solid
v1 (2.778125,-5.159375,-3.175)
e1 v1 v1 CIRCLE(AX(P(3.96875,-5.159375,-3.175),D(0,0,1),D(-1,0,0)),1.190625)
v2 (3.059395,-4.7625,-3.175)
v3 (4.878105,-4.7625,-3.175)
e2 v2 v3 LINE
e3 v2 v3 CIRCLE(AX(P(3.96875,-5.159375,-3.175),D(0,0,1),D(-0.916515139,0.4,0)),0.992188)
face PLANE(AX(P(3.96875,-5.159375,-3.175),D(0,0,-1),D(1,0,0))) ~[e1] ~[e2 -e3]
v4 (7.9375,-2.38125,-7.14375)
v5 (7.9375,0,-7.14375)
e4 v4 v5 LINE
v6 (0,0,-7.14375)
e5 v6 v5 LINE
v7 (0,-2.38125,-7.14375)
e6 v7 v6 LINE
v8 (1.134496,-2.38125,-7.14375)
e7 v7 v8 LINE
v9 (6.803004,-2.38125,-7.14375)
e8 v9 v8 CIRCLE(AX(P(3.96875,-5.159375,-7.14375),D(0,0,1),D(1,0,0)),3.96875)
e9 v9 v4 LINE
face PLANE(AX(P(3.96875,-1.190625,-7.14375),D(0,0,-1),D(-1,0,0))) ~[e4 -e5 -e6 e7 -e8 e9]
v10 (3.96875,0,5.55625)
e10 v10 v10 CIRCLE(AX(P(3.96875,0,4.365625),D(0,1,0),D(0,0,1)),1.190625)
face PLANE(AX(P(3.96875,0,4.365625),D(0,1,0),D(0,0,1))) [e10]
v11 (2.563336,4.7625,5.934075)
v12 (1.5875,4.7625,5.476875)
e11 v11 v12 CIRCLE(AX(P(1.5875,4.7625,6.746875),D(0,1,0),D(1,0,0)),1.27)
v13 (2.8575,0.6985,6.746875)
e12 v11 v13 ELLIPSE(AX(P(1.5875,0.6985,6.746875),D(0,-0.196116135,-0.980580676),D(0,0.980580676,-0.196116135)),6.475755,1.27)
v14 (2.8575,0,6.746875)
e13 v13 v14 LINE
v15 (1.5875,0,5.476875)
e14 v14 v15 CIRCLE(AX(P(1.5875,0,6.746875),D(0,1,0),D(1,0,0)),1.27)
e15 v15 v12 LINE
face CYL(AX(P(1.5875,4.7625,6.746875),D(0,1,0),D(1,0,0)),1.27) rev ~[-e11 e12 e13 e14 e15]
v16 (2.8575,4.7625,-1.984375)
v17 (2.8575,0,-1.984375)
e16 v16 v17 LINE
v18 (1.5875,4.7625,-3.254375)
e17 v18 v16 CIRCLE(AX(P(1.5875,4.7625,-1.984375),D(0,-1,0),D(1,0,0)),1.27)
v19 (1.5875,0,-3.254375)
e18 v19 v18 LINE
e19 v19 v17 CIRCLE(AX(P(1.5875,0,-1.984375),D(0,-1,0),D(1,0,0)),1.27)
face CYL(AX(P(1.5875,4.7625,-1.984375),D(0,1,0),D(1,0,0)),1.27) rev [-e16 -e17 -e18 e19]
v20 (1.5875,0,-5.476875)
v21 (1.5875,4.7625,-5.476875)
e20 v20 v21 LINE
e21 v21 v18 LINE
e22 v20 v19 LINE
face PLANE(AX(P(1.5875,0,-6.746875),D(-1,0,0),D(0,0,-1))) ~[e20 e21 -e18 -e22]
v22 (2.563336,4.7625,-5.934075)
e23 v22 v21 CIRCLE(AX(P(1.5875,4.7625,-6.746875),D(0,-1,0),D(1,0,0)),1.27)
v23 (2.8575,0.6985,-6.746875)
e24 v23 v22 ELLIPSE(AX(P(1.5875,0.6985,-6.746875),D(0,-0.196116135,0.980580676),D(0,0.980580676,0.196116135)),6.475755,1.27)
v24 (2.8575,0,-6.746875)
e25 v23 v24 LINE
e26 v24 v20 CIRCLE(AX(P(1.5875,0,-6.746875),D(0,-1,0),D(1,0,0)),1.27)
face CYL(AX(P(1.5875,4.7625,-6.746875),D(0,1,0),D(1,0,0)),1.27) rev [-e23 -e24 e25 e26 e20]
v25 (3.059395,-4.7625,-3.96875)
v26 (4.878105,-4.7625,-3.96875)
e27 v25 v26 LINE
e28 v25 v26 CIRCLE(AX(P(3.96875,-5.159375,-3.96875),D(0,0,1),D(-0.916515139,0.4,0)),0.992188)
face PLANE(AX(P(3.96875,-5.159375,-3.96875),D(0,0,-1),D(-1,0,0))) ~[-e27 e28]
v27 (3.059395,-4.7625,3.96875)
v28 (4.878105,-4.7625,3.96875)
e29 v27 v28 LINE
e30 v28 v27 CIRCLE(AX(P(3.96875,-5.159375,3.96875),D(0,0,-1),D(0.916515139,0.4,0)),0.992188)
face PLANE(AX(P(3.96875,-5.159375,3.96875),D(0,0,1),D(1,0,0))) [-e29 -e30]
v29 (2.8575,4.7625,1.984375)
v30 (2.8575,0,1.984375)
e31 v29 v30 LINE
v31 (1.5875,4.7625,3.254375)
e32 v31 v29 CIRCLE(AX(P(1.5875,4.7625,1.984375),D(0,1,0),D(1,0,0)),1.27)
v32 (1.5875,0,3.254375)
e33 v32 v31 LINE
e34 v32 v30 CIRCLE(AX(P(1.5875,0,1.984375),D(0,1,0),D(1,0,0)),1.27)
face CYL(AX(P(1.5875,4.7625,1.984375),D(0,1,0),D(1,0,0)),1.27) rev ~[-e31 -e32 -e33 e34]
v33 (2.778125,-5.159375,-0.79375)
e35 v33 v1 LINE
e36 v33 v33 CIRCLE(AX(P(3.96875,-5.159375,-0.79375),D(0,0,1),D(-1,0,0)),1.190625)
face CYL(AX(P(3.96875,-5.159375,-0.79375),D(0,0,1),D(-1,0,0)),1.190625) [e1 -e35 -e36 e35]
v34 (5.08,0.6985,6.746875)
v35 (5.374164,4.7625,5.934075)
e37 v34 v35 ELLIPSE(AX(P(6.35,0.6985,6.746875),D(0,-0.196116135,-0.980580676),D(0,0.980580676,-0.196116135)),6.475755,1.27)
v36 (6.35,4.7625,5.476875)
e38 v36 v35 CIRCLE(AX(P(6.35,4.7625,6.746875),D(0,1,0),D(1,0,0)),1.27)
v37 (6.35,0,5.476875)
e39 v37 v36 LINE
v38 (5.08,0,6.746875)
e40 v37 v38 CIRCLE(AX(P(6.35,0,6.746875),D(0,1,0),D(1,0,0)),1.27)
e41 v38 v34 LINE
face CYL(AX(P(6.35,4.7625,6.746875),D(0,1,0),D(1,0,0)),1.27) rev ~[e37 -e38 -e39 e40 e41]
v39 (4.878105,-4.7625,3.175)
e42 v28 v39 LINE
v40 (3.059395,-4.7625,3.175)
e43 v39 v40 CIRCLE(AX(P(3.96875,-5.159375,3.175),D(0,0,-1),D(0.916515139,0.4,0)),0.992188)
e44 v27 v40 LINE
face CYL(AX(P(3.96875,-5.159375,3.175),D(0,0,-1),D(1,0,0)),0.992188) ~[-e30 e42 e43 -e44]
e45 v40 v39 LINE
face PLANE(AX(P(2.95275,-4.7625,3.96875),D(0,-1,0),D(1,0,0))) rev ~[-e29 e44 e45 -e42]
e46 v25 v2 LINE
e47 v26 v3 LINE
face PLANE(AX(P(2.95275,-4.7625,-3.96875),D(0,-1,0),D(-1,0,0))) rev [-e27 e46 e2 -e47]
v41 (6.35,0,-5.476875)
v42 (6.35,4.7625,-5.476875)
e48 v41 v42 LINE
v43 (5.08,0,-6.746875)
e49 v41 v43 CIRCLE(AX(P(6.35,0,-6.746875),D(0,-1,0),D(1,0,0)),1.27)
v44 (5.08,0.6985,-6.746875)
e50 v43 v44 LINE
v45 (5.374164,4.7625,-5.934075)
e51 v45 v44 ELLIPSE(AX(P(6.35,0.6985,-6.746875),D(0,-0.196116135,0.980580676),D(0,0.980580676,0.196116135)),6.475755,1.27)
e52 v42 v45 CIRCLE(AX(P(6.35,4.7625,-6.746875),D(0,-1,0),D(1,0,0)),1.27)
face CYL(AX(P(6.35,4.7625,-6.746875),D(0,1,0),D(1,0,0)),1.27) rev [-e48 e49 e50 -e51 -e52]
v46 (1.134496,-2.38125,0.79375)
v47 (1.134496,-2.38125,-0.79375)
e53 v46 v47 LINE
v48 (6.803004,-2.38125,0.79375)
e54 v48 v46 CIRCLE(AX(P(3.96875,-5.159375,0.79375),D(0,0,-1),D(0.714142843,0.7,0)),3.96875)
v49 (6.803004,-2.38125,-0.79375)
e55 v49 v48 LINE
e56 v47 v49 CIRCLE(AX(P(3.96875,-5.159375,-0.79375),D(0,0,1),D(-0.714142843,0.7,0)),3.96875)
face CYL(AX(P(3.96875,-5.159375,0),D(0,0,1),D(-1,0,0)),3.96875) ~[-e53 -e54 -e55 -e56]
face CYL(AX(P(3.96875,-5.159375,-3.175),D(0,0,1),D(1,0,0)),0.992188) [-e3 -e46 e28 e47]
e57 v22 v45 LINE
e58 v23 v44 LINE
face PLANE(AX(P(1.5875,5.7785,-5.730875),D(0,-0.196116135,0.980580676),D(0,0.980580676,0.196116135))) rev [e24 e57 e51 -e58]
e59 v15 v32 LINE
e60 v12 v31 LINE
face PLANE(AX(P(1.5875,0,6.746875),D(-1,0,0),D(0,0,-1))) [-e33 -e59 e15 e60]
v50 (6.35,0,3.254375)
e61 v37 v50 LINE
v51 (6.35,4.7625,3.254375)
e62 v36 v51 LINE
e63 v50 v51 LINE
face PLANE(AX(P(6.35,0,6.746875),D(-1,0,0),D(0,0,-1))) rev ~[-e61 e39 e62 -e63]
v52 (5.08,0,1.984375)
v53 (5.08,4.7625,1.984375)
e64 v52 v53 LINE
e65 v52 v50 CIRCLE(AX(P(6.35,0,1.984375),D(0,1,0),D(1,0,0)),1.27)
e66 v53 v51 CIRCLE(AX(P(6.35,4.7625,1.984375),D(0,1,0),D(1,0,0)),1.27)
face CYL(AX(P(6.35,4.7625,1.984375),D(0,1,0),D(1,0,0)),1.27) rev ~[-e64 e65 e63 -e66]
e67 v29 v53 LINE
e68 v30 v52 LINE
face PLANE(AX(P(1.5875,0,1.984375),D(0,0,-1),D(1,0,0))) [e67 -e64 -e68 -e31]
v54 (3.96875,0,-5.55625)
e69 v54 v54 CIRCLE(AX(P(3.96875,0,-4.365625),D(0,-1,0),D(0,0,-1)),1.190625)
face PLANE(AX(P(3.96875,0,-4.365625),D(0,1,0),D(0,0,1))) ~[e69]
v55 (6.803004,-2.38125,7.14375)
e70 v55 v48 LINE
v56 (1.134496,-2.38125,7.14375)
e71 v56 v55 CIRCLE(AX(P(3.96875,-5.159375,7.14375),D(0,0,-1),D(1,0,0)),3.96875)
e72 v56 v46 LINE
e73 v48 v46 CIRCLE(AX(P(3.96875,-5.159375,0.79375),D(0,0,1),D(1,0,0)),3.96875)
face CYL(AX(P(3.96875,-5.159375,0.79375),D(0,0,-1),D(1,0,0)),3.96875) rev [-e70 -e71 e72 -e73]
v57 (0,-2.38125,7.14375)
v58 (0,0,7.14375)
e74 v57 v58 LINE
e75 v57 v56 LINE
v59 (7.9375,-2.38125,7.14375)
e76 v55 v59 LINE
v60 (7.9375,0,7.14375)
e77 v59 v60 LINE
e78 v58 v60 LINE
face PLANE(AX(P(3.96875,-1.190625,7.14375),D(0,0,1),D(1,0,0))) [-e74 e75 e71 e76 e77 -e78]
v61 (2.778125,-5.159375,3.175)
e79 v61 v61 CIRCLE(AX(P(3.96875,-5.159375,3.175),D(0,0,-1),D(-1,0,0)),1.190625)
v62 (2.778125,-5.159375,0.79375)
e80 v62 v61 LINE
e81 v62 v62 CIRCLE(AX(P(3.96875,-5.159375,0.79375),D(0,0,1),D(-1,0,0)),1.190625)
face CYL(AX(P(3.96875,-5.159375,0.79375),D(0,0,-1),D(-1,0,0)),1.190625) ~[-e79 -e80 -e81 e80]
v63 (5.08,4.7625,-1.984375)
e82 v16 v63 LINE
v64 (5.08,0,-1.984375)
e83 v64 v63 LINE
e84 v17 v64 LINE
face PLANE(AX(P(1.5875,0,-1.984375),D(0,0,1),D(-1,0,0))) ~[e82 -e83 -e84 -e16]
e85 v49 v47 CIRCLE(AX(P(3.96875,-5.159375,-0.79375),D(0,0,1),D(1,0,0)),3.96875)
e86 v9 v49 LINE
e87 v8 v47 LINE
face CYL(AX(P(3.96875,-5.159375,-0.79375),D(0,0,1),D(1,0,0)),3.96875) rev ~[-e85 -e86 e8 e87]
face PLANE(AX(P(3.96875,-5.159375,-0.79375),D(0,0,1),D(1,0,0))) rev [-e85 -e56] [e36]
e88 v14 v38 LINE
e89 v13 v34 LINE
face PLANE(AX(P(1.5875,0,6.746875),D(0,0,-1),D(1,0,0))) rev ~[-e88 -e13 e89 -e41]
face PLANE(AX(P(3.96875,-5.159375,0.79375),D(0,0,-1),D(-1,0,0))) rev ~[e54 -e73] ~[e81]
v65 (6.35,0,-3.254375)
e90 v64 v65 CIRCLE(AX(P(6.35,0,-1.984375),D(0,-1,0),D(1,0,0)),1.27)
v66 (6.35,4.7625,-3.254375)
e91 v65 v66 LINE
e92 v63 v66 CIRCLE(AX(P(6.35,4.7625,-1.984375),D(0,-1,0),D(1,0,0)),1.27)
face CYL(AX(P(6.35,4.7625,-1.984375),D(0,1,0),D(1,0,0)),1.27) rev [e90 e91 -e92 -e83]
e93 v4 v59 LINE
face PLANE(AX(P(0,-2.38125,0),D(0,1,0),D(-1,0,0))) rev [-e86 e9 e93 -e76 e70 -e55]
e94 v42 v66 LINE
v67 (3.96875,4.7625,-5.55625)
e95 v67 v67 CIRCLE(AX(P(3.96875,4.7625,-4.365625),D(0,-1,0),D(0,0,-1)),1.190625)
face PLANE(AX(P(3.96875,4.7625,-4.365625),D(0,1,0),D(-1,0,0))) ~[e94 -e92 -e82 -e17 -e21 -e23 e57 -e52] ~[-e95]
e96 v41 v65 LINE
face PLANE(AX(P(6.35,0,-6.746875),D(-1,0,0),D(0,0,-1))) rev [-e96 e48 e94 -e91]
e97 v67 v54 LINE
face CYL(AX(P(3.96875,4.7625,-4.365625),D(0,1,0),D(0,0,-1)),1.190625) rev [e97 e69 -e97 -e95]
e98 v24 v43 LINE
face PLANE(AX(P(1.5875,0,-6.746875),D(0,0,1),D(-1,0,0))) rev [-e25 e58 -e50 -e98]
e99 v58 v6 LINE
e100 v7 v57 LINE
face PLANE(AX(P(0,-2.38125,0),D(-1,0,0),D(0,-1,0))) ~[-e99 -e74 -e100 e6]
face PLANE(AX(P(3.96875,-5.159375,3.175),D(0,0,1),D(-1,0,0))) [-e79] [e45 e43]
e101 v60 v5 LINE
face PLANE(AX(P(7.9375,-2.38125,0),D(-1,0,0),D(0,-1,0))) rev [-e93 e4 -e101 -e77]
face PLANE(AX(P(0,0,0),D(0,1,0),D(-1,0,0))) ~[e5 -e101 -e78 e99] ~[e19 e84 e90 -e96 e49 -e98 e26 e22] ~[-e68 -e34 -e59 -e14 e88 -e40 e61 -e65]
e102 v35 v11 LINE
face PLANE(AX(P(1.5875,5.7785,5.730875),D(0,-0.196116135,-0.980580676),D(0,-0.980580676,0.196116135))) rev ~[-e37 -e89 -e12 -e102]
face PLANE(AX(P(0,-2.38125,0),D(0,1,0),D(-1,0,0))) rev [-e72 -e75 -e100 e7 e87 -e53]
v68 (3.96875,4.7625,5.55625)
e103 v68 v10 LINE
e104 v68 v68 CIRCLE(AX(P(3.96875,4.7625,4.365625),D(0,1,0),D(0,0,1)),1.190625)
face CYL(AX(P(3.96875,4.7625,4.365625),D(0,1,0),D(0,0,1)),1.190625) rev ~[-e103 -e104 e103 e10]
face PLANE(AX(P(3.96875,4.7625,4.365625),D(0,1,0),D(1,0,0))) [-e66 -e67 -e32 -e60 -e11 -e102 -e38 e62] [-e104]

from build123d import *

# Parameters (mm, degrees)
SKETCH1_W           = 7.9375
SKETCH1_H           = 2.38125
BOSS_EXTRUDE1_DEPTH = 7.14375
SKETCH2_R           = 3.96875
BOSS_EXTRUDE2_DEPTH = 0.79375
SKETCH3_R           = 3.96875
CUT_EXTRUDE1_DEPTH  = 14.661957117
SKETCH4_W           = 4.7625
SKETCH4_H           = 4.7625
BOSS_EXTRUDE3_DEPTH = 4.7625
SKETCH5_R           = 1.27
SKETCH5_R_2         = 1.190625
CUT_EXTRUDE2_DEPTH  = 4.7625
CUT_EXTRUDE3_DEPTH  = 14.216592983
SKETCH7_R           = 1.190625
BOSS_EXTRUDE4_DEPTH = 2.38125
SKETCH8_R           = 0.9921875
BOSS_EXTRUDE5_DEPTH = 0.79375
SKETCH9_W           = 2.032
SKETCH9_H           = 0.79375
CUT_EXTRUDE4_DEPTH  = 0.79375


with BuildPart() as part:
    # Sketch1 → Boss-Extrude1 (new body)
    with BuildSketch(Plane.XY):
        with Locations((3.96875, -1.190625)):
            Rectangle(SKETCH1_W, SKETCH1_H)
    boss_extrude1 = extrude(amount=BOSS_EXTRUDE1_DEPTH)

    # Sketch2 → Boss-Extrude2 (add)
    with BuildSketch(Plane(origin=(0, 0, 0), x_dir=(-1, 0, 0), z_dir=(0, 0, -1))):
        with Locations((-3.96875, -5.159375)):
            Circle(SKETCH2_R)
    boss_extrude2 = extrude(amount=-BOSS_EXTRUDE2_DEPTH)

    # Sketch3 → Cut-Extrude1 (cut, through all)
    with BuildSketch(Plane.XY.offset(0.79375)):
        with Locations((3.96875, -5.159375)):
            Circle(SKETCH3_R)
    cut_extrude1 = extrude(amount=CUT_EXTRUDE1_DEPTH, mode=Mode.SUBTRACT)

    # Sketch4 → Boss-Extrude3 (add)
    with BuildSketch(Plane(origin=(0, 0, 0), x_dir=(1, 0, 0), z_dir=(0, 1, 0))):
        with Locations((3.96875, -4.365625)):
            Rectangle(SKETCH4_W, SKETCH4_H)
    boss_extrude3 = extrude(amount=BOSS_EXTRUDE3_DEPTH)

    # Sketch5 → Cut-Extrude2 (cut)
    with BuildSketch(Plane(origin=(0, 4.7625, 0), x_dir=(1, 0, 0), z_dir=(0, 1, 0))):
        with Locations((1.5875, -6.746875)):
            Circle(SKETCH5_R)
        with Locations((1.5875, -1.984375)):
            Circle(SKETCH5_R)
        with Locations((6.35, -1.984375)):
            Circle(SKETCH5_R)
        with Locations((6.35, -6.746875)):
            Circle(SKETCH5_R)
        with Locations(Location((3.96875, -4.365625, 0), (0, 0, 270))):
            Circle(SKETCH5_R_2)
    cut_extrude2 = extrude(amount=-CUT_EXTRUDE2_DEPTH, mode=Mode.SUBTRACT)

    # Sketch6 → Cut-Extrude3 (cut, through all)
    with BuildSketch(Plane.ZY.offset(-1.5875)):
        Polygon((6.746875, 0.6985), (6.746875, 5.7785), (5.730875, 5.7785), align=None)
    cut_extrude3 = extrude(amount=-CUT_EXTRUDE3_DEPTH, mode=Mode.SUBTRACT)

    # Sketch7 → Boss-Extrude4 (add)
    with BuildSketch(Plane.XY.offset(0.79375)):
        with Locations(Location((3.96875, -5.159375, 0), (0, 0, 180))):
            Circle(SKETCH7_R)
    boss_extrude4 = extrude(amount=BOSS_EXTRUDE4_DEPTH)

    # Sketch8 → Boss-Extrude5 (add)
    with BuildSketch(Plane.XY.offset(3.175)):
        with Locations((3.96875, -5.159375)):
            Circle(SKETCH8_R)
    boss_extrude5 = extrude(amount=BOSS_EXTRUDE5_DEPTH)

    # Sketch9 → Cut-Extrude4 (cut)
    with BuildSketch(Plane.XY.offset(3.96875)):
        with Locations((3.96875, -4.365625)):
            Rectangle(SKETCH9_W, SKETCH9_H)
    cut_extrude4 = extrude(amount=-CUT_EXTRUDE4_DEPTH, mode=Mode.SUBTRACT)

    # Mirror1: Boss-Extrude1, Boss-Extrude2, Cut-Extrude1, Boss-Extrude3, Cut-Extrude2, Cut-Extrude3, Boss-Extrude4, Boss-Extrude5, Cut-Extrude4 across plane
    add(boss_extrude1.mirror(Plane.XY))
    add(boss_extrude2.mirror(Plane.XY))
    add(cut_extrude1.mirror(Plane.XY), mode=Mode.SUBTRACT)
    add(boss_extrude3.mirror(Plane.XY))
    add(cut_extrude2.mirror(Plane.XY), mode=Mode.SUBTRACT)
    add(cut_extrude3.mirror(Plane.XY), mode=Mode.SUBTRACT)
    add(boss_extrude4.mirror(Plane.XY))
    add(boss_extrude5.mirror(Plane.XY))
    add(cut_extrude4.mirror(Plane.XY), mode=Mode.SUBTRACT)


solid = part.part
